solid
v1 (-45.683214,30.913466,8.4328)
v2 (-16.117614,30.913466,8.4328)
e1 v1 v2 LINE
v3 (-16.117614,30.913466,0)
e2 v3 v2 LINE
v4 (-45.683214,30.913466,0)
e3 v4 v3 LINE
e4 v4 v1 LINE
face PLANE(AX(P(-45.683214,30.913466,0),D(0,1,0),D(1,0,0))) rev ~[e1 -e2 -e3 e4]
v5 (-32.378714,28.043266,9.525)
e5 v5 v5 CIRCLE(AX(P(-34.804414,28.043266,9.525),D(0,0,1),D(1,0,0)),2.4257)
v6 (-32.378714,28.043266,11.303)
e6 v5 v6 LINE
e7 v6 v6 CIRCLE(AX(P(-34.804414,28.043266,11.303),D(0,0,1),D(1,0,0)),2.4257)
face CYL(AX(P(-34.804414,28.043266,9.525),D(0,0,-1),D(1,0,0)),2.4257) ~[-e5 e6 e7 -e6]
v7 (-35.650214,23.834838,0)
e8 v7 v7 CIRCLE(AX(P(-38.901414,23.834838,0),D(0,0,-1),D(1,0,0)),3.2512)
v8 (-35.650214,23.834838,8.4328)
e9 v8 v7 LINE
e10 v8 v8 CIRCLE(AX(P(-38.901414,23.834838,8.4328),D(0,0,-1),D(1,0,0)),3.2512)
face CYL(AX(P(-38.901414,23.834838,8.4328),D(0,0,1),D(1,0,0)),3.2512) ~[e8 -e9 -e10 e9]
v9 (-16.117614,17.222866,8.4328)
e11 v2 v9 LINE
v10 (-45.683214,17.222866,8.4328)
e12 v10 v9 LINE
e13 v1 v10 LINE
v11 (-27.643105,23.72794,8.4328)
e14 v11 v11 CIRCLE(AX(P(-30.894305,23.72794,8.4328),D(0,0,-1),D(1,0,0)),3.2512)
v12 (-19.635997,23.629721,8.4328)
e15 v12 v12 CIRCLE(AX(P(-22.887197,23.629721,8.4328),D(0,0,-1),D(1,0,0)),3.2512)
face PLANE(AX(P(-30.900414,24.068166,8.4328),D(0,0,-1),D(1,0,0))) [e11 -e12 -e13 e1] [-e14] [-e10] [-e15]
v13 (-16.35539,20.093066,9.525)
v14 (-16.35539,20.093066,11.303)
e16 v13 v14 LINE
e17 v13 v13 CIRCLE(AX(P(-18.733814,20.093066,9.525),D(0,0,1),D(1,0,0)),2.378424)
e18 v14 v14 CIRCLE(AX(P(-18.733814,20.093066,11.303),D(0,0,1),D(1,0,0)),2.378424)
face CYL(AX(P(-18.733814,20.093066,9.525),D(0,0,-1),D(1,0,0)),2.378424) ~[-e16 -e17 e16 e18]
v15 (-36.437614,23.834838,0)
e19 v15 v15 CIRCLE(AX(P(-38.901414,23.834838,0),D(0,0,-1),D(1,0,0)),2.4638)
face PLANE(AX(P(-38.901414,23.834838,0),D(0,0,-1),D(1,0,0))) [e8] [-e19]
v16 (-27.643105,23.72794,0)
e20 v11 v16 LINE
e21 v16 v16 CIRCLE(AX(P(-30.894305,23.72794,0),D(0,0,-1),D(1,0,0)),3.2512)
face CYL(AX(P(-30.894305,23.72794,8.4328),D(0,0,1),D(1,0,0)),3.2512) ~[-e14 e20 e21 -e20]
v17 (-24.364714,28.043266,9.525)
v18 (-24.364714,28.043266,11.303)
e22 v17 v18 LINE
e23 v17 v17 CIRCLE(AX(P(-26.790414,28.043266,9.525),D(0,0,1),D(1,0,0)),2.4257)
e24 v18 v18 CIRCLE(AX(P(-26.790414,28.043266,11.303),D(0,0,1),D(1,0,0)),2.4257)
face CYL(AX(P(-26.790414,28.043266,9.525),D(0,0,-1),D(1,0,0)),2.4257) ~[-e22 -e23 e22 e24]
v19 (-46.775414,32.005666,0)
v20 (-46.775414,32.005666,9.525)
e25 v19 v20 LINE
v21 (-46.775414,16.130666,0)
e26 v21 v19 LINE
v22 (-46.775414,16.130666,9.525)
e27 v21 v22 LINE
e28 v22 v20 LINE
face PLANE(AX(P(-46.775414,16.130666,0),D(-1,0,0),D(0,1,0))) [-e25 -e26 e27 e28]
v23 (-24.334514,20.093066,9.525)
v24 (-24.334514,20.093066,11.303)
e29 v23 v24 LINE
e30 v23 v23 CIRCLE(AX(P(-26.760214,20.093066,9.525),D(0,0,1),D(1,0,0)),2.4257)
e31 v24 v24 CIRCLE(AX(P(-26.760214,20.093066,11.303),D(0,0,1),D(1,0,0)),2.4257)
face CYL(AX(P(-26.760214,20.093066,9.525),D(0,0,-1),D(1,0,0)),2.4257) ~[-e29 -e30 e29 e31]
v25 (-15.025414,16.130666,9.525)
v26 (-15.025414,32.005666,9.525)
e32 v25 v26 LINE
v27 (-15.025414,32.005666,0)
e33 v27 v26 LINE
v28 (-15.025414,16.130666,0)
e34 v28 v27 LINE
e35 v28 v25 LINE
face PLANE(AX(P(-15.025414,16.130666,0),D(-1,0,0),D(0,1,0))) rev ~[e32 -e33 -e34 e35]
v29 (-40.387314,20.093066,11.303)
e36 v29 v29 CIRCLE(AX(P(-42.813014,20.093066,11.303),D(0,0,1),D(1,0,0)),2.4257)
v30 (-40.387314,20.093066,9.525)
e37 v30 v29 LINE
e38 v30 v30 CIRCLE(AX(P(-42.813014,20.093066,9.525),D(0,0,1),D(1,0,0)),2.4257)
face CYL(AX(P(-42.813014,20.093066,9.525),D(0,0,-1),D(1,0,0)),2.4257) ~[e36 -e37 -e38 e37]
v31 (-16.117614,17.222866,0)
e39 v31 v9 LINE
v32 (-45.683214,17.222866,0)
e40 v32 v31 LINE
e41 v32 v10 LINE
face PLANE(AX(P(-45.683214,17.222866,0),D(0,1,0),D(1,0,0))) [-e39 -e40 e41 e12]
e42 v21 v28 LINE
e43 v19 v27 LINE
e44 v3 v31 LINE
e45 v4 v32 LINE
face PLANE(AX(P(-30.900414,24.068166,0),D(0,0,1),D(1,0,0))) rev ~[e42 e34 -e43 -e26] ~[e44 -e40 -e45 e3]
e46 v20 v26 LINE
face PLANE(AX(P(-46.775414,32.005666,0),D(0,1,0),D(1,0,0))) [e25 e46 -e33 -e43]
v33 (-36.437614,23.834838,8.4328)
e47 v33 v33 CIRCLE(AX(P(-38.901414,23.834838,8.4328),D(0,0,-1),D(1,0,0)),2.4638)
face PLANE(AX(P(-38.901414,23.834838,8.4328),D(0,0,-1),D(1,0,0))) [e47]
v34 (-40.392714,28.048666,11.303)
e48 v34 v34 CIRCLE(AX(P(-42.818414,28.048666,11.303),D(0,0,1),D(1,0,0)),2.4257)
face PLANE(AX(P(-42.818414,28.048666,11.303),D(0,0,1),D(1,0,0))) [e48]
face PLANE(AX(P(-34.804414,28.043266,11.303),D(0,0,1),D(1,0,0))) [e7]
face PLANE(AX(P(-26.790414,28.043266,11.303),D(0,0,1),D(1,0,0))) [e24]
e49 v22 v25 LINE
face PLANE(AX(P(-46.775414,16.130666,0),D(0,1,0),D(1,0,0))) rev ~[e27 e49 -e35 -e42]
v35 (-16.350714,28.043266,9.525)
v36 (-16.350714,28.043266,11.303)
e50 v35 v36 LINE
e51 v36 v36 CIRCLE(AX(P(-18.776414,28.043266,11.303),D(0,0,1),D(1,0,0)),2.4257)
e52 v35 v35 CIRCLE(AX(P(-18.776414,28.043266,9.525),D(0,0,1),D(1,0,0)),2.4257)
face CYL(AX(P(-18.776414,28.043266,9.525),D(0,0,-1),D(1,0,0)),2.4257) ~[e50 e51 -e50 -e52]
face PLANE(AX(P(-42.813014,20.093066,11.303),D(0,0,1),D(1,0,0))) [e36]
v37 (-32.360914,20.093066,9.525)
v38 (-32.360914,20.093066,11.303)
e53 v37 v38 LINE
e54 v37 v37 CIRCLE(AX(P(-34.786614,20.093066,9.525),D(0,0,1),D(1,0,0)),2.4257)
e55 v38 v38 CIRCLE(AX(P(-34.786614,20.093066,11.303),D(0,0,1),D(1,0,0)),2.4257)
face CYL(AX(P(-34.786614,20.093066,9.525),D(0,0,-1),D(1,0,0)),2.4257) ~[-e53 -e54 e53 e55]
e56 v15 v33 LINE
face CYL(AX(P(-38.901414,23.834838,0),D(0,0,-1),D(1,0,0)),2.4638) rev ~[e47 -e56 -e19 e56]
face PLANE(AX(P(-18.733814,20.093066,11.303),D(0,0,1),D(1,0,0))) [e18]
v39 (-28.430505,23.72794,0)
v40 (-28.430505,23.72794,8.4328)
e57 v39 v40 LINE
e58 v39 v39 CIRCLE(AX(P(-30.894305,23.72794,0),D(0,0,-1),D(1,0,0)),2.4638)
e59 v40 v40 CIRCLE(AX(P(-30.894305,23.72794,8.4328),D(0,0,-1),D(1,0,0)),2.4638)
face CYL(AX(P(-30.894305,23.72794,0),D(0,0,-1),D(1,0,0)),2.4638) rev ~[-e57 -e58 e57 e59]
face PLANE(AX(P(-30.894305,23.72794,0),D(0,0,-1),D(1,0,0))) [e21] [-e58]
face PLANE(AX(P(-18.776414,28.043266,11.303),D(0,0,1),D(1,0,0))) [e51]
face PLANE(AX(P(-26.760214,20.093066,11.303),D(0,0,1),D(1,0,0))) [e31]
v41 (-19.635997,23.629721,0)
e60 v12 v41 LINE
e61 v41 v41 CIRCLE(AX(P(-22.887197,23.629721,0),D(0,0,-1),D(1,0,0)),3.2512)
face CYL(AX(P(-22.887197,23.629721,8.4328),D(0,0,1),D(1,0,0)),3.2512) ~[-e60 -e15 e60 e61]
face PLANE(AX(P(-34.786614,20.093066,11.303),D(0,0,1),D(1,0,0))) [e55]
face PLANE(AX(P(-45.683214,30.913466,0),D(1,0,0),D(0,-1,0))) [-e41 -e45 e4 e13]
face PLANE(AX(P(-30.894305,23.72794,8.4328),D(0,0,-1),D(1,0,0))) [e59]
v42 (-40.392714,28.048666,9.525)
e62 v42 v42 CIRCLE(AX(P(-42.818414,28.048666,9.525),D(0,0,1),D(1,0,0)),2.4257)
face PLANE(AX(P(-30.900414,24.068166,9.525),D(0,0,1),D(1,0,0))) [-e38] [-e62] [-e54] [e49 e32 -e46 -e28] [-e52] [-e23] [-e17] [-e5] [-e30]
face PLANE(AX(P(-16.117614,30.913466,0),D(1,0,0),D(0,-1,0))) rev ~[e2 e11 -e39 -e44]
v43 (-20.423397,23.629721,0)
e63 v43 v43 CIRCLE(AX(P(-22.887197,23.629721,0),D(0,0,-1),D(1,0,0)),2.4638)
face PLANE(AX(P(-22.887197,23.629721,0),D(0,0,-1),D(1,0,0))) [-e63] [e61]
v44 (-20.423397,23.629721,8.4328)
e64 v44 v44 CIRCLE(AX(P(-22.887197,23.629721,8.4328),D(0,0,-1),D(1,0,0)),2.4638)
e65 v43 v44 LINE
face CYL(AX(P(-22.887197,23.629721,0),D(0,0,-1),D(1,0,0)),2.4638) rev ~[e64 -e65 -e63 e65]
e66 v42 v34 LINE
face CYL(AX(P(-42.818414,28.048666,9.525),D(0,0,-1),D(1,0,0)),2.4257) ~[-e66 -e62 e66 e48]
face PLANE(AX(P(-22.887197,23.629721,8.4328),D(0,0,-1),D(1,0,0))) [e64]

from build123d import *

# Parameters (mm, degrees)
F0_W      = 31.75
F0_H      = 15.875
F1_DEPTH  = 9.525
F2_R      = 2.4257
F10_DEPTH = 1.778
F3_R      = 2.4257
F11_DEPTH = 1.778
F4_R      = 2.4257
F12_DEPTH = 1.778
F5_R      = 2.4257
F13_DEPTH = 1.778
F6_R      = 2.4257
F14_DEPTH = 1.778
F7_R      = 2.4257
F15_DEPTH = 1.778
F8_R      = 2.4257
F16_DEPTH = 1.778
F9_R      = 2.378424
F17_DEPTH = 1.778
F18_W     = 29.5656
F18_H     = 13.6906
F19_DEPTH = 8.4328
F20_R     = 3.2512
F21_DEPTH = 8.4328
F22_R     = 2.4638
F23_DEPTH = 8.4328


with BuildPart() as f1:
    # F0 (on Top) → F1 (new body)
    with BuildSketch(Plane.XY):
        with Locations((-30.900414, 24.068166)):
            Rectangle(F0_W, F0_H)
    extrude(amount=F1_DEPTH)

    # F2 (on face) → F10 (join)
    with BuildSketch(Plane.XY.offset(9.525)):
        with Locations((-42.818414, 28.048666)):
            Circle(F2_R)
    extrude(amount=F10_DEPTH)

    # F3 (on face) → F11 (join)
    with BuildSketch(Plane.XY.offset(9.525)):
        with Locations((-34.804414, 28.043266)):
            Circle(F3_R)
    extrude(amount=F11_DEPTH)

    # F4 (on face) → F12 (join)
    with BuildSketch(Plane.XY.offset(9.525)):
        with Locations((-26.790414, 28.043266)):
            Circle(F4_R)
    extrude(amount=F12_DEPTH)

    # F5 (on face) → F13 (join)
    with BuildSketch(Plane.XY.offset(9.525)):
        with Locations((-18.776414, 28.043266)):
            Circle(F5_R)
    extrude(amount=F13_DEPTH)

    # F6 (on face) → F14 (join)
    with BuildSketch(Plane.XY.offset(9.525)):
        with Locations((-42.813014, 20.093066)):
            Circle(F6_R)
    extrude(amount=F14_DEPTH)

    # F7 (on face) → F15 (join)
    with BuildSketch(Plane.XY.offset(9.525)):
        with Locations((-34.786614, 20.093066)):
            Circle(F7_R)
    extrude(amount=F15_DEPTH)

    # F8 (on face) → F16 (join)
    with BuildSketch(Plane.XY.offset(9.525)):
        with Locations((-26.760214, 20.093066)):
            Circle(F8_R)
    extrude(amount=F16_DEPTH)

    # F9 (on face) → F17 (join)
    with BuildSketch(Plane.XY.offset(9.525)):
        with Locations((-18.733814, 20.093066)):
            Circle(F9_R)
    extrude(amount=F17_DEPTH)

    # F18 (on face) → F19 (cut)
    with BuildSketch(Plane(origin=(0, 0, 0), x_dir=(1, 0, 0), z_dir=(0, 0, -1))):
        with Locations((-30.900414, -24.068166)):
            Rectangle(F18_W, F18_H)
    extrude(amount=-F19_DEPTH, mode=Mode.SUBTRACT)

    # F20 (on face) → F21 (join)
    with BuildSketch(Plane(origin=(0, 0, 8.4328), x_dir=(1, 0, 0), z_dir=(0, 0, -1))):
        with Locations((-38.901414, -23.834838)):
            Circle(F20_R)
        with Locations((-30.894305, -23.72794)):
            Circle(F20_R)
        with Locations((-22.887197, -23.629721)):
            Circle(F20_R)
    extrude(amount=F21_DEPTH)

    # F22 (on face) → F23 (cut)
    with BuildSketch(Plane(origin=(0, 0, 0), x_dir=(1, 0, 0), z_dir=(0, 0, -1))):
        with Locations((-38.901414, -23.834838)):
            Circle(F22_R)
        with Locations((-30.894305, -23.72794)):
            Circle(F22_R)
        with Locations((-22.887197, -23.629721)):
            Circle(F22_R)
    extrude(amount=-F23_DEPTH, mode=Mode.SUBTRACT)


solid = f1.part
